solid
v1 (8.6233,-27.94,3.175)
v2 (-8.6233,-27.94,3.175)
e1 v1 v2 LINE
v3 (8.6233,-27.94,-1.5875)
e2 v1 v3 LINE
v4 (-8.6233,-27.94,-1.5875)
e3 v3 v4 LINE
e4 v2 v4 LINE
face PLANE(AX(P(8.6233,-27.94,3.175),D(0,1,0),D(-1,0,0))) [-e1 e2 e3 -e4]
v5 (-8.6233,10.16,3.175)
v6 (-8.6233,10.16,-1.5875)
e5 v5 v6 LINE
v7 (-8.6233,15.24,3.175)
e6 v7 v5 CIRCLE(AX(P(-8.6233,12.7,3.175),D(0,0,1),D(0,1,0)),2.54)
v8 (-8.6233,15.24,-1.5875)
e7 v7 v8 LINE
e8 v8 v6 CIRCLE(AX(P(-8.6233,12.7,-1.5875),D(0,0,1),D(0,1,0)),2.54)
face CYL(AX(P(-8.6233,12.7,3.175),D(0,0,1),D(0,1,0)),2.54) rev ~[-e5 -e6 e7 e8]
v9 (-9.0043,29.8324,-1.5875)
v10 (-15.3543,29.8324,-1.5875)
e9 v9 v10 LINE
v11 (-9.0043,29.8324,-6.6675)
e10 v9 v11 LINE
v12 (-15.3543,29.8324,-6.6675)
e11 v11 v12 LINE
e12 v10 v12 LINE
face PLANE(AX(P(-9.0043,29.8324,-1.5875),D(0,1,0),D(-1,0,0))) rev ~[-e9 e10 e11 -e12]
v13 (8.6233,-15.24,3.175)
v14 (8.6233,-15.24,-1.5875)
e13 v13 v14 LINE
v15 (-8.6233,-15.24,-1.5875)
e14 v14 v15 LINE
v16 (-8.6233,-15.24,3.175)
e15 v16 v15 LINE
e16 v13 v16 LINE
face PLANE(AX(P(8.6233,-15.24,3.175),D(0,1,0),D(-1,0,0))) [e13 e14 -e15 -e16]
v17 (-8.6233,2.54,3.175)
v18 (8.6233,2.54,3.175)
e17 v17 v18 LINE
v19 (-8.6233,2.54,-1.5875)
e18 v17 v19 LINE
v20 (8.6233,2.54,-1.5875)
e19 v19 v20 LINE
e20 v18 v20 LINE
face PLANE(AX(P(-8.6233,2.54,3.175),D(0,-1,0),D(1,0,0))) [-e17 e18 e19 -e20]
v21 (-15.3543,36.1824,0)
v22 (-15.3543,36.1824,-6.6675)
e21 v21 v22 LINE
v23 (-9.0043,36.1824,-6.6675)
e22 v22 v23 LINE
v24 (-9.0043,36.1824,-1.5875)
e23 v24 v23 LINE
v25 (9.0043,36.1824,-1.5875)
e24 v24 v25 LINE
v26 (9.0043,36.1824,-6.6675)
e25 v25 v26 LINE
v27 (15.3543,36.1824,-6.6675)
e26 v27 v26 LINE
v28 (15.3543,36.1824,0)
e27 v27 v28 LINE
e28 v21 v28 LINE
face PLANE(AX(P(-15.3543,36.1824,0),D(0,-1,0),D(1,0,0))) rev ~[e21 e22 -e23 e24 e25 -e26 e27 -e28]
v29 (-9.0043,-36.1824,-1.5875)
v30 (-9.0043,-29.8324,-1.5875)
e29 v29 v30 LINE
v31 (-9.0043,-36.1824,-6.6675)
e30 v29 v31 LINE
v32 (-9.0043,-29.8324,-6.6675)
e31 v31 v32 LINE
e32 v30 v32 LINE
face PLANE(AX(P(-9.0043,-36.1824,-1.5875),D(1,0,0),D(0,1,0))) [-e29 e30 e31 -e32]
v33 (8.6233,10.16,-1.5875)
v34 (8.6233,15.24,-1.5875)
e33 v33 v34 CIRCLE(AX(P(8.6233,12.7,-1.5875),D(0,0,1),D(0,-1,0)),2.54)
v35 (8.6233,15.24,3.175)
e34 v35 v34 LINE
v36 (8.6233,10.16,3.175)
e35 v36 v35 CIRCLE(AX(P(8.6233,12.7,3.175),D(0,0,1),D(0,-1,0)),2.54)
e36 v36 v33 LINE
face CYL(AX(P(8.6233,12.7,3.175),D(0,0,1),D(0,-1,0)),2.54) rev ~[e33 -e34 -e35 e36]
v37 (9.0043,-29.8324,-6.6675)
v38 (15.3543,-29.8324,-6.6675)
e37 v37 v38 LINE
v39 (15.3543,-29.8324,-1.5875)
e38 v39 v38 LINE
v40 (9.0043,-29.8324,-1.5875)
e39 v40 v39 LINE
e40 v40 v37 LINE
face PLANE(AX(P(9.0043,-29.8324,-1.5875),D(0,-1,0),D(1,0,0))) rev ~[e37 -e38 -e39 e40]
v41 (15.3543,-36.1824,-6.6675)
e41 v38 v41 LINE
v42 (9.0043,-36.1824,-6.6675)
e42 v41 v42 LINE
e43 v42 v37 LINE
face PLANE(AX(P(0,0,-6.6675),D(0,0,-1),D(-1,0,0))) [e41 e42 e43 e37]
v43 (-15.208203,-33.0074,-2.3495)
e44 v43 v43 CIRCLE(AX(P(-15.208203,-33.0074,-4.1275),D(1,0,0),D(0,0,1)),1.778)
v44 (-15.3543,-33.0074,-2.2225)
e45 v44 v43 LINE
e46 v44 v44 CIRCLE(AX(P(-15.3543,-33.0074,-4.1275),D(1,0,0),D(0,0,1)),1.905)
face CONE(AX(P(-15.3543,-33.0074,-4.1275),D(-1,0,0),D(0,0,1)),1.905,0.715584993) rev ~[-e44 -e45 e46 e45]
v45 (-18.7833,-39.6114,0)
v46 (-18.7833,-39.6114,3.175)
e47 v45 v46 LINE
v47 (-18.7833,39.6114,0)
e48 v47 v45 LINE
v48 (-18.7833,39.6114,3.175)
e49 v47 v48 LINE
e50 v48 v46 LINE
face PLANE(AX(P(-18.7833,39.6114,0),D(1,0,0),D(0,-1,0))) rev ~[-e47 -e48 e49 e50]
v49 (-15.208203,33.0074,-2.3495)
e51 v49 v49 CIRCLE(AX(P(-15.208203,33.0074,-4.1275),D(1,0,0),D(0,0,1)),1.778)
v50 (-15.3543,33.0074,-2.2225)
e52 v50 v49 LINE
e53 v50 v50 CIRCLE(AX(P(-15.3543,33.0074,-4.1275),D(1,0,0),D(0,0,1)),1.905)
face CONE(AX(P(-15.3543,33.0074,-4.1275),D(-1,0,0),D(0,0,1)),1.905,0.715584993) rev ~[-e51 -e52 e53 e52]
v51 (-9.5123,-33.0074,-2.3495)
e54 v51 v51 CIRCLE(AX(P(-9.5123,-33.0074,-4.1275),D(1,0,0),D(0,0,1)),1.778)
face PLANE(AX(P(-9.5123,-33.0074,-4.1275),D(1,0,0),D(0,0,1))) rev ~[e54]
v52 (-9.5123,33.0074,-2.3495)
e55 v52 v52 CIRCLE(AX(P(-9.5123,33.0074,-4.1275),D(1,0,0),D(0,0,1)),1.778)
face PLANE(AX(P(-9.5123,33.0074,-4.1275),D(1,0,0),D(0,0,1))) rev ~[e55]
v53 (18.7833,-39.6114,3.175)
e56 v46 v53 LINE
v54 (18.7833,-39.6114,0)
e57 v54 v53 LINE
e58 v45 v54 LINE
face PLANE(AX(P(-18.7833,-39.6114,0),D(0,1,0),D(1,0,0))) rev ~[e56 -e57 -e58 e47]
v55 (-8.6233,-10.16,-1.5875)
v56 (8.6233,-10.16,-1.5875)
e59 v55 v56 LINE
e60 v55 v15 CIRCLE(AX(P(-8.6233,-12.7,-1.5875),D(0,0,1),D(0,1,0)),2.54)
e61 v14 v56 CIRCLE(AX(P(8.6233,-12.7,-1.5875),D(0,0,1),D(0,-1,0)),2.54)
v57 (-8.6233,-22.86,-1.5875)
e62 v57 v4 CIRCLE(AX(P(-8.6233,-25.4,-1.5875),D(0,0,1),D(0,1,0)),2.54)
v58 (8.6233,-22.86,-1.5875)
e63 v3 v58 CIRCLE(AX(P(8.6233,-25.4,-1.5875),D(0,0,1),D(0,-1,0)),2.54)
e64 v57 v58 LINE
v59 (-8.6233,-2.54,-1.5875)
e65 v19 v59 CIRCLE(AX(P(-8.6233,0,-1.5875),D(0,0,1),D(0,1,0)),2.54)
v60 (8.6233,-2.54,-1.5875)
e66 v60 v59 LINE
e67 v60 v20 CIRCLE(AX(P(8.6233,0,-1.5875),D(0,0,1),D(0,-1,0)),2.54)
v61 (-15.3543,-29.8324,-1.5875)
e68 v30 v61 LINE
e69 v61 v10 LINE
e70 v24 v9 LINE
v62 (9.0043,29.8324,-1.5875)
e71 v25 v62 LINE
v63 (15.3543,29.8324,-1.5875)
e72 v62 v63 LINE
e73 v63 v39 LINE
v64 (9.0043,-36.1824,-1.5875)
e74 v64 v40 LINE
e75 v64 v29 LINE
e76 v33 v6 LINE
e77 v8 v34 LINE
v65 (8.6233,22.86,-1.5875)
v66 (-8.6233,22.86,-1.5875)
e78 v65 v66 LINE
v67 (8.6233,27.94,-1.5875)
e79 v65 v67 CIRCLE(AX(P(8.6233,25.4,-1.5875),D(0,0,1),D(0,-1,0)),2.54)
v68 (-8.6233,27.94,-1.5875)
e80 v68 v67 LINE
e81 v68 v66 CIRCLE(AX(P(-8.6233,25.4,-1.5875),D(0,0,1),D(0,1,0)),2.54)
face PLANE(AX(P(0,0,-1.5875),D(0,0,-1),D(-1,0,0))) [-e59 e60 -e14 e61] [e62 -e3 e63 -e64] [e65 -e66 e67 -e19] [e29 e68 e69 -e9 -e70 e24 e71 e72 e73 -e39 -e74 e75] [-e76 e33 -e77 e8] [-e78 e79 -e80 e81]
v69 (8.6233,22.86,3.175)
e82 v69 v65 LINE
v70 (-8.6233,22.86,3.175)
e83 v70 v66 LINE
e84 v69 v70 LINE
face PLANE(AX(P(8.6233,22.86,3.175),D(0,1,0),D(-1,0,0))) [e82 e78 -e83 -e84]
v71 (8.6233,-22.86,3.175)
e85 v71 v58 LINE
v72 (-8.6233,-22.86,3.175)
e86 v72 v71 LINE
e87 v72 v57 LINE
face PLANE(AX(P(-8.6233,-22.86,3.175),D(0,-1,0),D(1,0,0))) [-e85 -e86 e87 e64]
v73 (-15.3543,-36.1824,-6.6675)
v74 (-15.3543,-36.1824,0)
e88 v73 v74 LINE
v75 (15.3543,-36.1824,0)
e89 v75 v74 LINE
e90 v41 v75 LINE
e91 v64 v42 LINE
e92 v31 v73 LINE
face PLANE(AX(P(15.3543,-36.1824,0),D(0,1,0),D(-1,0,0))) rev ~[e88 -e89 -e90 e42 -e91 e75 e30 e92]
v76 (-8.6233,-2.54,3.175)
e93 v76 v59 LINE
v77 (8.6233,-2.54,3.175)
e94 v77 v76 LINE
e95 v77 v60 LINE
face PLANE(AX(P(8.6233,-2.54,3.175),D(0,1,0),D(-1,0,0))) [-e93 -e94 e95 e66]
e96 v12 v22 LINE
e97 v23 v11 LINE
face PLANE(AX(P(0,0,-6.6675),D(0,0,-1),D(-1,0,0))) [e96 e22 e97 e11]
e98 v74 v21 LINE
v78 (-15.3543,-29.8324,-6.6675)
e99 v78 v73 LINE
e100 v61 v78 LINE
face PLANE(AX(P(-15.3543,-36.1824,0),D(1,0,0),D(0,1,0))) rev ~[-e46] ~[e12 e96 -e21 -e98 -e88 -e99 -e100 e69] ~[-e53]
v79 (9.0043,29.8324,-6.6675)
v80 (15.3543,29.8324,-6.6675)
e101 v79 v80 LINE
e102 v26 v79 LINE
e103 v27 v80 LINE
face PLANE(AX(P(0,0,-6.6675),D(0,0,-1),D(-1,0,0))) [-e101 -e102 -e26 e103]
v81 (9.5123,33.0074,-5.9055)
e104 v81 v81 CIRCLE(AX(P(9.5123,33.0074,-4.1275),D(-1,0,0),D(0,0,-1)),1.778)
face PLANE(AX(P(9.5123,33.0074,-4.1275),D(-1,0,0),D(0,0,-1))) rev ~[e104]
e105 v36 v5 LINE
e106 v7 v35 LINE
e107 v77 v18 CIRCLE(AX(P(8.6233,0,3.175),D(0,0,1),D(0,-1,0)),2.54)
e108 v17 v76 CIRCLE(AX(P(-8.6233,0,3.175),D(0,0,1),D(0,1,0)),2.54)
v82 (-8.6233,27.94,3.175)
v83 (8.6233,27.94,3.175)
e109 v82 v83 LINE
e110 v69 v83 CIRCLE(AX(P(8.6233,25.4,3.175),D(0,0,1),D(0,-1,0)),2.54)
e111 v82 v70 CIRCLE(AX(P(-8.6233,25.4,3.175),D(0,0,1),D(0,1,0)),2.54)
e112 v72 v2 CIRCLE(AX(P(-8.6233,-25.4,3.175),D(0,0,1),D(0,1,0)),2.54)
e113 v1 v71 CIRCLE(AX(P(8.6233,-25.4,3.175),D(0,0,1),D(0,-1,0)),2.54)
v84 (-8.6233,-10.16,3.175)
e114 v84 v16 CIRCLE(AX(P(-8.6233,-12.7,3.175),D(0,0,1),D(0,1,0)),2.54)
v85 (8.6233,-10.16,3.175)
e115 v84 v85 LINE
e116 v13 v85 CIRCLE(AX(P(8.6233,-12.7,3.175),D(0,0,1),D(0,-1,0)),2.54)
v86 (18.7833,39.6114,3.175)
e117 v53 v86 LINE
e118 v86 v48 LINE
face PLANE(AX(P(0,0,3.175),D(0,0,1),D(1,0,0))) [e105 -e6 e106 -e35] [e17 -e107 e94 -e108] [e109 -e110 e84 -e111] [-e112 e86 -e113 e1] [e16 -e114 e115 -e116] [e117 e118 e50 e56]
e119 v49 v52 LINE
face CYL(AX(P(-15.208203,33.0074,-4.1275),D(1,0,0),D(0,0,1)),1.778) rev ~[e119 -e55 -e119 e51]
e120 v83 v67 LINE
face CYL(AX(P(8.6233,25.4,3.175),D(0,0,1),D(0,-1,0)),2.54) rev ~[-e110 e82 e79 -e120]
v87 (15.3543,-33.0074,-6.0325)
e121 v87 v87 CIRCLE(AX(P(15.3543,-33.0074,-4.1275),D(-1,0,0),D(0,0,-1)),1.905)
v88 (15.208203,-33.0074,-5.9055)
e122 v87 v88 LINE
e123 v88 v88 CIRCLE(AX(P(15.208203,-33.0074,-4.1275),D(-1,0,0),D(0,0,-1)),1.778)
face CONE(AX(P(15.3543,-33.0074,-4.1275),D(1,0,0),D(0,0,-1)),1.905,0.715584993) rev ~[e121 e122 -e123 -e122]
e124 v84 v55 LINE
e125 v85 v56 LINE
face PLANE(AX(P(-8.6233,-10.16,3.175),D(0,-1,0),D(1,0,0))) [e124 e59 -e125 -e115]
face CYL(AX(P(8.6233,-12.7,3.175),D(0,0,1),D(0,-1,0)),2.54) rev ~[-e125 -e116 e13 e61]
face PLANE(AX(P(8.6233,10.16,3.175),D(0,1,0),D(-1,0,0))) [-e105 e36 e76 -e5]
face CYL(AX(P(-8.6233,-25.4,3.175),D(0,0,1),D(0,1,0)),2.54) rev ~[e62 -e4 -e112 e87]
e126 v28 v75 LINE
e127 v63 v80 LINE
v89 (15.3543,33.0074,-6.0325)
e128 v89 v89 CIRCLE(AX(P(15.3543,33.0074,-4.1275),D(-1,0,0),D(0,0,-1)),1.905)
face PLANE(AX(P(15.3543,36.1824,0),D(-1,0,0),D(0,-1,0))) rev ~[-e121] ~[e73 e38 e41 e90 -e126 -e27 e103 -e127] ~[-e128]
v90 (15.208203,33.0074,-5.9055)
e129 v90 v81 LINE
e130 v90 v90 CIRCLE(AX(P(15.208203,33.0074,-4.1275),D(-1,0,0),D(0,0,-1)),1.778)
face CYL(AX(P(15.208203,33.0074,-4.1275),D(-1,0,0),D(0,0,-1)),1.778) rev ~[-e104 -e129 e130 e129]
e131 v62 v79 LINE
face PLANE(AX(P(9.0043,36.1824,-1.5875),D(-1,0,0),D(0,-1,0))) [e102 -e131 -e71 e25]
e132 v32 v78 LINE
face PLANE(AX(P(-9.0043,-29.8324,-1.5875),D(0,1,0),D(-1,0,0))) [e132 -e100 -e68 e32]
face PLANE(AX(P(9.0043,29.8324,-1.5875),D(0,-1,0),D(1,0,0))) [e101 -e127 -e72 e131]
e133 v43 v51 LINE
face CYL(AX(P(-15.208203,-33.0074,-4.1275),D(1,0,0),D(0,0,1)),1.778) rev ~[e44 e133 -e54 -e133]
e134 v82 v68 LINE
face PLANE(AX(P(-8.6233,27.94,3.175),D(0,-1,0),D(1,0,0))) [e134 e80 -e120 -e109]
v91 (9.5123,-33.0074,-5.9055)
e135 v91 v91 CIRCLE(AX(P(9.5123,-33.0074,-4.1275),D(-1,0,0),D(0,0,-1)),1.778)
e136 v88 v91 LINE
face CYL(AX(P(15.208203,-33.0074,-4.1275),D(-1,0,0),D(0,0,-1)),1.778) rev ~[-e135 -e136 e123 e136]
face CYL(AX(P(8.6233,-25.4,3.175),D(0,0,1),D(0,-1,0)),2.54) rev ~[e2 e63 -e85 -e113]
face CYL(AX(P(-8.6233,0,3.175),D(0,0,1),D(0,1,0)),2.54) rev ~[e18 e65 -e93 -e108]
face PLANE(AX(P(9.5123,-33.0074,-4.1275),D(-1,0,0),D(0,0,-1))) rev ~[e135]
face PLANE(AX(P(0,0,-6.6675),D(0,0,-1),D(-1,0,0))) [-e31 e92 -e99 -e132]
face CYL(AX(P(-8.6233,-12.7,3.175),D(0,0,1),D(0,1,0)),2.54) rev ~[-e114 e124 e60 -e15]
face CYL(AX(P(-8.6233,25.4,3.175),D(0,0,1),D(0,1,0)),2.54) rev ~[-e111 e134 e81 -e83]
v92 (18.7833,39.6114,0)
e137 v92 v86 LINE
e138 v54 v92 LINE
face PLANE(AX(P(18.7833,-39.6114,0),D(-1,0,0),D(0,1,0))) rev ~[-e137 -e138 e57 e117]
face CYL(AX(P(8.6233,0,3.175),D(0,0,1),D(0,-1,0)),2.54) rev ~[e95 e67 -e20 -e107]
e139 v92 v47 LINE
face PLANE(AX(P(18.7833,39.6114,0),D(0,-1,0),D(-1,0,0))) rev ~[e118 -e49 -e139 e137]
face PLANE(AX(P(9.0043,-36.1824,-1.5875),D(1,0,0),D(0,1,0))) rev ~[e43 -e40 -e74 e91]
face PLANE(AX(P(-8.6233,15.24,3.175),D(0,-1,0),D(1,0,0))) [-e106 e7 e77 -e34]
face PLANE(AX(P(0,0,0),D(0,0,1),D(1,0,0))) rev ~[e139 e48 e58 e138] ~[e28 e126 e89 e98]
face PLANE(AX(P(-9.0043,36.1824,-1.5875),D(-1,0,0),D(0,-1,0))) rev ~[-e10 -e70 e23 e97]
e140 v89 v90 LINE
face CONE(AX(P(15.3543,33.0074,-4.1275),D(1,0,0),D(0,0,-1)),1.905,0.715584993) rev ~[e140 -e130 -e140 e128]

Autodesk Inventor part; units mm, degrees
ref_plane "YZ Plane" through (0, 0, 0) normal (1, 0, 0) x (0, 1, 0)
ref_plane "XZ Plane" through (0, 0, 0) normal (0, 1, 0) x (-1, 0, 0)
ref_plane "XY Plane" through (0, 0, 0) normal (0, 0, 1) x (1, 0, 0)
sketch "Sketch1" plane through (0, 0, 0) normal (0, 0, 1) x (1, 0, 0)
  line L0 (-18.7833, 39.6114) -> (-18.7833, -39.6114) projected
  line L1 (-18.7833, -39.6114) -> (18.7833, -39.6114) projected
  line L2 (18.7833, -39.6114) -> (18.7833, 39.6114) projected
  line L3 (18.7833, 39.6114) -> (-18.7833, 39.6114) projected
  line L4 (-15.6083, 36.4364) -> (15.6083, 36.4364) projected
  line L5 (15.6083, 36.4364) -> (15.6083, -36.4364) projected
  line L6 (15.6083, -36.4364) -> (-15.6083, -36.4364) projected
  line L7 (-15.6083, -36.4364) -> (-15.6083, 36.4364) projected
  point P0 (0, 0)
extrude "Extrusion1" add sketch "Sketch1" along normal blind 3.175 contours L3 L2 L1 L0 | L4 L5 L6 L7
sketch "Sketch2" plane through (0, 0, 0) normal (0, 0, -1) x (-1, 0, 0)
  line L0 (-15.6083, -36.4364) -> (15.6083, -36.4364) projected
  line L1 (-15.6083, 36.4364) -> (-15.6083, -36.4364) projected
  line L2 (15.6083, 36.4364) -> (-15.6083, 36.4364) projected
  line L3 (15.6083, -36.4364) -> (15.6083, 36.4364) projected
  line L4 (-15.3543, 36.1824) -> (-15.3543, -36.1824)
  line L5 (-15.3543, -36.1824) -> (15.3543, -36.1824)
  line L6 (15.3543, -36.1824) -> (15.3543, 36.1824)
  line L7 (15.3543, 36.1824) -> (-15.3543, 36.1824)
  point P0 (0, 0)
  dimension "d2" = 0.254
extrude "Extrusion2" add sketch "Sketch2" along normal blind 1.5875 contours L7 L6 L5 L4
sketch "Sketch3" plane through (0, 0, -1.5875) normal (0, 0, -1) x (-1, 0, 0)
  line L0 (-15.3543, 36.1824) -> (-15.3543, -36.1824) projected
  line L1 (-15.3543, 36.1824) -> (-9.0043, 36.1824)
  line L2 (-9.0043, 36.1824) -> (-9.0043, 29.8324)
  line L3 (-9.0043, 29.8324) -> (-15.3543, 29.8324)
  line L4 (-15.3543, 29.8324) -> (-15.3543, 36.1824)
  line L5 (15.3543, 36.1824) -> (-15.3543, 36.1824) projected
  line L6 (15.3543, 36.1824) -> (9.0043, 36.1824)
  line L7 (9.0043, 36.1824) -> (9.0043, 29.8324)
  line L8 (9.0043, 29.8324) -> (15.3543, 29.8324)
  line L9 (15.3543, 29.8324) -> (15.3543, 36.1824)
  line L10 (-15.3543, -36.1824) -> (15.3543, -36.1824) projected
  line L11 (-15.3543, -36.1824) -> (-9.0043, -36.1824)
  line L12 (-9.0043, -36.1824) -> (-9.0043, -29.8324)
  line L13 (-9.0043, -29.8324) -> (-15.3543, -29.8324)
  line L14 (-15.3543, -29.8324) -> (-15.3543, -36.1824)
  line L15 (15.3543, 36.1824) -> (15.3543, -36.1824) projected
  line L16 (15.3543, -36.1824) -> (9.0043, -36.1824)
  line L17 (9.0043, -36.1824) -> (9.0043, -29.8324)
  line L18 (9.0043, -29.8324) -> (15.3543, -29.8324)
  line L19 (15.3543, -29.8324) -> (15.3543, -36.1824)
  point P0 (0, 0)
  dimension "d5" = 6.35
  dimension "d6" = 6.35
  dimension "d7" = 6.35
  dimension "d8" = 6.35
  dimension "d9" = 6.35
  dimension "d10" = 6.35
  dimension "d11" = 6.35
  dimension "d12" = 6.35
extrude "Extrusion3" add sketch "Sketch3" along normal blind 5.08 contours L1 L2 L3 L0 | L13 L12 L10 L0 | L5 L9 L8 L7 | L17 L18 L15 L10
sketch "Sketch4" plane through (15.3543, -36.1824, 0) normal (1, 0, 0) x (0, 0, -1)
  line L0 (6.6675, 66.0147) -> (6.6675, 72.3647) projected
  line L1 (0, 72.3647) -> (0, 0) projected
  line L2 (6.6675, 0) -> (6.6675, 6.35) projected
  line L3 (1.5875, 66.0147) -> (1.5875, 6.35) projected
  line L4 (0, 72.3647) -> (6.6675, 72.3647) projected
  line L5 (1.5875, 66.0147) -> (6.6675, 72.3647)
  line L6 (1.5875, 6.35) -> (6.6675, 6.35) projected
  line L7 (6.6675, 6.35) -> (6.6675, 0) projected
  line L8 (1.5875, 6.35) -> (6.6675, 0)
  point P0 (0, 36.1824)
  point P1 (4.1275, 3.175)
  point P2 (4.1275, 69.1897)
sketch "Sketch5" plane through (-15.3543, -36.1824, 0) normal (-1, 0, 0) x (0, 0, 1)
  point P0 (0, 36.1824)
  point P1 (-4.1275, 69.1897)
  point P2 (-4.1275, 3.175)
hole "Hole1" at (15.3543, 33.0074, -4.1275) at (15.3543, -33.0074, -4.1275) direction (-1, 0, 0) diameter 3.556 depth 5.842 countersink diameter 3.81 countersink angle 82
hole "Hole2" at (-15.3543, 33.0074, -4.1275) at (-15.3543, -33.0074, -4.1275) direction (1, 0, 0) diameter 3.556 depth 5.842 countersink diameter 3.81 countersink angle 82
sketch "Sketch6" plane through (0, 0, 3.175) normal (0, 0, 1) x (1, 0, 0)
  line L0 (-8.6233, 0) -> (8.6233, 0) construction
  line L1 (-8.6233, 2.54) -> (8.6233, 2.54)
  line L2 (8.6233, -2.54) -> (-8.6233, -2.54)
  arc A0 (-8.6233, 2.54) -> (-8.6233, -2.54) centre (-8.6233, 0) ccw
  arc A1 (8.6233, -2.54) -> (8.6233, 2.54) centre (8.6233, 0) ccw
  line L3 (-18.7833, 39.6114) -> (-18.7833, -39.6114) projected
  line L4 (18.7833, -39.6114) -> (18.7833, 39.6114) projected
  line L5 (-18.7833, -39.6114) -> (18.7833, -39.6114) projected
  arc A2 (8.6233, 10.16) -> (8.6233, 15.24) centre (8.6233, 12.7) ccw
  line L6 (-8.6233, 15.24) -> (8.6233, 15.24)
  line L7 (8.6233, 10.16) -> (-8.6233, 10.16)
  arc A3 (-8.6233, 15.24) -> (-8.6233, 10.16) centre (-8.6233, 12.7) ccw
  arc A4 (8.6233, 22.86) -> (8.6233, 27.94) centre (8.6233, 25.4) ccw
  line L8 (-8.6233, 27.94) -> (8.6233, 27.94)
  line L9 (8.6233, 22.86) -> (-8.6233, 22.86)
  arc A5 (-8.6233, 27.94) -> (-8.6233, 22.86) centre (-8.6233, 25.4) ccw
  arc A6 (8.6233, -15.24) -> (8.6233, -10.16) centre (8.6233, -12.7) ccw
  line L10 (-8.6233, -10.16) -> (8.6233, -10.16)
  line L11 (8.6233, -15.24) -> (-8.6233, -15.24)
  arc A7 (-8.6233, -10.16) -> (-8.6233, -15.24) centre (-8.6233, -12.7) ccw
  arc A8 (8.6233, -2.54) -> (8.6233, 2.54) centre (8.6233, 0) ccw
  line L12 (-8.6233, 2.54) -> (8.6233, 2.54)
  line L13 (8.6233, -2.54) -> (-8.6233, -2.54)
  arc A9 (-8.6233, 2.54) -> (-8.6233, -2.54) centre (-8.6233, 0) ccw
  arc A10 (8.6233, 10.16) -> (8.6233, 15.24) centre (8.6233, 12.7) ccw
  line L14 (-8.6233, 15.24) -> (8.6233, 15.24)
  line L15 (8.6233, 10.16) -> (-8.6233, 10.16)
  arc A11 (-8.6233, 15.24) -> (-8.6233, 10.16) centre (-8.6233, 12.7) ccw
  arc A12 (8.6233, -27.94) -> (8.6233, -22.86) centre (8.6233, -25.4) ccw
  line L16 (-8.6233, -22.86) -> (8.6233, -22.86)
  line L17 (8.6233, -27.94) -> (-8.6233, -27.94)
  arc A13 (-8.6233, -22.86) -> (-8.6233, -27.94) centre (-8.6233, -25.4) ccw
  arc A14 (8.6233, -15.24) -> (8.6233, -10.16) centre (8.6233, -12.7) ccw
  line L18 (-8.6233, -10.16) -> (8.6233, -10.16)
  line L19 (8.6233, -15.24) -> (-8.6233, -15.24)
  arc A15 (-8.6233, -10.16) -> (-8.6233, -15.24) centre (-8.6233, -12.7) ccw
  arc A16 (8.6233, -2.54) -> (8.6233, 2.54) centre (8.6233, 0) ccw
  line L20 (-8.6233, 2.54) -> (8.6233, 2.54)
  line L21 (8.6233, -2.54) -> (-8.6233, -2.54)
  arc A17 (-8.6233, 2.54) -> (-8.6233, -2.54) centre (-8.6233, 0) ccw
  point P0 (0, 0)
  point P1 (0, 0)
  dimension "d29" = 10.16
  dimension "d30" = 10.16
  dimension "d31" = 2.54
  dimension "d35" = 12.7
  dimension "d38" = 12.7
extrude "Extrusion4" cut sketch "Sketch6" against normal up to surface (4.7625 mm away)
properties part number "SENSOR_TOP" material "PC/ABS Plastic"
